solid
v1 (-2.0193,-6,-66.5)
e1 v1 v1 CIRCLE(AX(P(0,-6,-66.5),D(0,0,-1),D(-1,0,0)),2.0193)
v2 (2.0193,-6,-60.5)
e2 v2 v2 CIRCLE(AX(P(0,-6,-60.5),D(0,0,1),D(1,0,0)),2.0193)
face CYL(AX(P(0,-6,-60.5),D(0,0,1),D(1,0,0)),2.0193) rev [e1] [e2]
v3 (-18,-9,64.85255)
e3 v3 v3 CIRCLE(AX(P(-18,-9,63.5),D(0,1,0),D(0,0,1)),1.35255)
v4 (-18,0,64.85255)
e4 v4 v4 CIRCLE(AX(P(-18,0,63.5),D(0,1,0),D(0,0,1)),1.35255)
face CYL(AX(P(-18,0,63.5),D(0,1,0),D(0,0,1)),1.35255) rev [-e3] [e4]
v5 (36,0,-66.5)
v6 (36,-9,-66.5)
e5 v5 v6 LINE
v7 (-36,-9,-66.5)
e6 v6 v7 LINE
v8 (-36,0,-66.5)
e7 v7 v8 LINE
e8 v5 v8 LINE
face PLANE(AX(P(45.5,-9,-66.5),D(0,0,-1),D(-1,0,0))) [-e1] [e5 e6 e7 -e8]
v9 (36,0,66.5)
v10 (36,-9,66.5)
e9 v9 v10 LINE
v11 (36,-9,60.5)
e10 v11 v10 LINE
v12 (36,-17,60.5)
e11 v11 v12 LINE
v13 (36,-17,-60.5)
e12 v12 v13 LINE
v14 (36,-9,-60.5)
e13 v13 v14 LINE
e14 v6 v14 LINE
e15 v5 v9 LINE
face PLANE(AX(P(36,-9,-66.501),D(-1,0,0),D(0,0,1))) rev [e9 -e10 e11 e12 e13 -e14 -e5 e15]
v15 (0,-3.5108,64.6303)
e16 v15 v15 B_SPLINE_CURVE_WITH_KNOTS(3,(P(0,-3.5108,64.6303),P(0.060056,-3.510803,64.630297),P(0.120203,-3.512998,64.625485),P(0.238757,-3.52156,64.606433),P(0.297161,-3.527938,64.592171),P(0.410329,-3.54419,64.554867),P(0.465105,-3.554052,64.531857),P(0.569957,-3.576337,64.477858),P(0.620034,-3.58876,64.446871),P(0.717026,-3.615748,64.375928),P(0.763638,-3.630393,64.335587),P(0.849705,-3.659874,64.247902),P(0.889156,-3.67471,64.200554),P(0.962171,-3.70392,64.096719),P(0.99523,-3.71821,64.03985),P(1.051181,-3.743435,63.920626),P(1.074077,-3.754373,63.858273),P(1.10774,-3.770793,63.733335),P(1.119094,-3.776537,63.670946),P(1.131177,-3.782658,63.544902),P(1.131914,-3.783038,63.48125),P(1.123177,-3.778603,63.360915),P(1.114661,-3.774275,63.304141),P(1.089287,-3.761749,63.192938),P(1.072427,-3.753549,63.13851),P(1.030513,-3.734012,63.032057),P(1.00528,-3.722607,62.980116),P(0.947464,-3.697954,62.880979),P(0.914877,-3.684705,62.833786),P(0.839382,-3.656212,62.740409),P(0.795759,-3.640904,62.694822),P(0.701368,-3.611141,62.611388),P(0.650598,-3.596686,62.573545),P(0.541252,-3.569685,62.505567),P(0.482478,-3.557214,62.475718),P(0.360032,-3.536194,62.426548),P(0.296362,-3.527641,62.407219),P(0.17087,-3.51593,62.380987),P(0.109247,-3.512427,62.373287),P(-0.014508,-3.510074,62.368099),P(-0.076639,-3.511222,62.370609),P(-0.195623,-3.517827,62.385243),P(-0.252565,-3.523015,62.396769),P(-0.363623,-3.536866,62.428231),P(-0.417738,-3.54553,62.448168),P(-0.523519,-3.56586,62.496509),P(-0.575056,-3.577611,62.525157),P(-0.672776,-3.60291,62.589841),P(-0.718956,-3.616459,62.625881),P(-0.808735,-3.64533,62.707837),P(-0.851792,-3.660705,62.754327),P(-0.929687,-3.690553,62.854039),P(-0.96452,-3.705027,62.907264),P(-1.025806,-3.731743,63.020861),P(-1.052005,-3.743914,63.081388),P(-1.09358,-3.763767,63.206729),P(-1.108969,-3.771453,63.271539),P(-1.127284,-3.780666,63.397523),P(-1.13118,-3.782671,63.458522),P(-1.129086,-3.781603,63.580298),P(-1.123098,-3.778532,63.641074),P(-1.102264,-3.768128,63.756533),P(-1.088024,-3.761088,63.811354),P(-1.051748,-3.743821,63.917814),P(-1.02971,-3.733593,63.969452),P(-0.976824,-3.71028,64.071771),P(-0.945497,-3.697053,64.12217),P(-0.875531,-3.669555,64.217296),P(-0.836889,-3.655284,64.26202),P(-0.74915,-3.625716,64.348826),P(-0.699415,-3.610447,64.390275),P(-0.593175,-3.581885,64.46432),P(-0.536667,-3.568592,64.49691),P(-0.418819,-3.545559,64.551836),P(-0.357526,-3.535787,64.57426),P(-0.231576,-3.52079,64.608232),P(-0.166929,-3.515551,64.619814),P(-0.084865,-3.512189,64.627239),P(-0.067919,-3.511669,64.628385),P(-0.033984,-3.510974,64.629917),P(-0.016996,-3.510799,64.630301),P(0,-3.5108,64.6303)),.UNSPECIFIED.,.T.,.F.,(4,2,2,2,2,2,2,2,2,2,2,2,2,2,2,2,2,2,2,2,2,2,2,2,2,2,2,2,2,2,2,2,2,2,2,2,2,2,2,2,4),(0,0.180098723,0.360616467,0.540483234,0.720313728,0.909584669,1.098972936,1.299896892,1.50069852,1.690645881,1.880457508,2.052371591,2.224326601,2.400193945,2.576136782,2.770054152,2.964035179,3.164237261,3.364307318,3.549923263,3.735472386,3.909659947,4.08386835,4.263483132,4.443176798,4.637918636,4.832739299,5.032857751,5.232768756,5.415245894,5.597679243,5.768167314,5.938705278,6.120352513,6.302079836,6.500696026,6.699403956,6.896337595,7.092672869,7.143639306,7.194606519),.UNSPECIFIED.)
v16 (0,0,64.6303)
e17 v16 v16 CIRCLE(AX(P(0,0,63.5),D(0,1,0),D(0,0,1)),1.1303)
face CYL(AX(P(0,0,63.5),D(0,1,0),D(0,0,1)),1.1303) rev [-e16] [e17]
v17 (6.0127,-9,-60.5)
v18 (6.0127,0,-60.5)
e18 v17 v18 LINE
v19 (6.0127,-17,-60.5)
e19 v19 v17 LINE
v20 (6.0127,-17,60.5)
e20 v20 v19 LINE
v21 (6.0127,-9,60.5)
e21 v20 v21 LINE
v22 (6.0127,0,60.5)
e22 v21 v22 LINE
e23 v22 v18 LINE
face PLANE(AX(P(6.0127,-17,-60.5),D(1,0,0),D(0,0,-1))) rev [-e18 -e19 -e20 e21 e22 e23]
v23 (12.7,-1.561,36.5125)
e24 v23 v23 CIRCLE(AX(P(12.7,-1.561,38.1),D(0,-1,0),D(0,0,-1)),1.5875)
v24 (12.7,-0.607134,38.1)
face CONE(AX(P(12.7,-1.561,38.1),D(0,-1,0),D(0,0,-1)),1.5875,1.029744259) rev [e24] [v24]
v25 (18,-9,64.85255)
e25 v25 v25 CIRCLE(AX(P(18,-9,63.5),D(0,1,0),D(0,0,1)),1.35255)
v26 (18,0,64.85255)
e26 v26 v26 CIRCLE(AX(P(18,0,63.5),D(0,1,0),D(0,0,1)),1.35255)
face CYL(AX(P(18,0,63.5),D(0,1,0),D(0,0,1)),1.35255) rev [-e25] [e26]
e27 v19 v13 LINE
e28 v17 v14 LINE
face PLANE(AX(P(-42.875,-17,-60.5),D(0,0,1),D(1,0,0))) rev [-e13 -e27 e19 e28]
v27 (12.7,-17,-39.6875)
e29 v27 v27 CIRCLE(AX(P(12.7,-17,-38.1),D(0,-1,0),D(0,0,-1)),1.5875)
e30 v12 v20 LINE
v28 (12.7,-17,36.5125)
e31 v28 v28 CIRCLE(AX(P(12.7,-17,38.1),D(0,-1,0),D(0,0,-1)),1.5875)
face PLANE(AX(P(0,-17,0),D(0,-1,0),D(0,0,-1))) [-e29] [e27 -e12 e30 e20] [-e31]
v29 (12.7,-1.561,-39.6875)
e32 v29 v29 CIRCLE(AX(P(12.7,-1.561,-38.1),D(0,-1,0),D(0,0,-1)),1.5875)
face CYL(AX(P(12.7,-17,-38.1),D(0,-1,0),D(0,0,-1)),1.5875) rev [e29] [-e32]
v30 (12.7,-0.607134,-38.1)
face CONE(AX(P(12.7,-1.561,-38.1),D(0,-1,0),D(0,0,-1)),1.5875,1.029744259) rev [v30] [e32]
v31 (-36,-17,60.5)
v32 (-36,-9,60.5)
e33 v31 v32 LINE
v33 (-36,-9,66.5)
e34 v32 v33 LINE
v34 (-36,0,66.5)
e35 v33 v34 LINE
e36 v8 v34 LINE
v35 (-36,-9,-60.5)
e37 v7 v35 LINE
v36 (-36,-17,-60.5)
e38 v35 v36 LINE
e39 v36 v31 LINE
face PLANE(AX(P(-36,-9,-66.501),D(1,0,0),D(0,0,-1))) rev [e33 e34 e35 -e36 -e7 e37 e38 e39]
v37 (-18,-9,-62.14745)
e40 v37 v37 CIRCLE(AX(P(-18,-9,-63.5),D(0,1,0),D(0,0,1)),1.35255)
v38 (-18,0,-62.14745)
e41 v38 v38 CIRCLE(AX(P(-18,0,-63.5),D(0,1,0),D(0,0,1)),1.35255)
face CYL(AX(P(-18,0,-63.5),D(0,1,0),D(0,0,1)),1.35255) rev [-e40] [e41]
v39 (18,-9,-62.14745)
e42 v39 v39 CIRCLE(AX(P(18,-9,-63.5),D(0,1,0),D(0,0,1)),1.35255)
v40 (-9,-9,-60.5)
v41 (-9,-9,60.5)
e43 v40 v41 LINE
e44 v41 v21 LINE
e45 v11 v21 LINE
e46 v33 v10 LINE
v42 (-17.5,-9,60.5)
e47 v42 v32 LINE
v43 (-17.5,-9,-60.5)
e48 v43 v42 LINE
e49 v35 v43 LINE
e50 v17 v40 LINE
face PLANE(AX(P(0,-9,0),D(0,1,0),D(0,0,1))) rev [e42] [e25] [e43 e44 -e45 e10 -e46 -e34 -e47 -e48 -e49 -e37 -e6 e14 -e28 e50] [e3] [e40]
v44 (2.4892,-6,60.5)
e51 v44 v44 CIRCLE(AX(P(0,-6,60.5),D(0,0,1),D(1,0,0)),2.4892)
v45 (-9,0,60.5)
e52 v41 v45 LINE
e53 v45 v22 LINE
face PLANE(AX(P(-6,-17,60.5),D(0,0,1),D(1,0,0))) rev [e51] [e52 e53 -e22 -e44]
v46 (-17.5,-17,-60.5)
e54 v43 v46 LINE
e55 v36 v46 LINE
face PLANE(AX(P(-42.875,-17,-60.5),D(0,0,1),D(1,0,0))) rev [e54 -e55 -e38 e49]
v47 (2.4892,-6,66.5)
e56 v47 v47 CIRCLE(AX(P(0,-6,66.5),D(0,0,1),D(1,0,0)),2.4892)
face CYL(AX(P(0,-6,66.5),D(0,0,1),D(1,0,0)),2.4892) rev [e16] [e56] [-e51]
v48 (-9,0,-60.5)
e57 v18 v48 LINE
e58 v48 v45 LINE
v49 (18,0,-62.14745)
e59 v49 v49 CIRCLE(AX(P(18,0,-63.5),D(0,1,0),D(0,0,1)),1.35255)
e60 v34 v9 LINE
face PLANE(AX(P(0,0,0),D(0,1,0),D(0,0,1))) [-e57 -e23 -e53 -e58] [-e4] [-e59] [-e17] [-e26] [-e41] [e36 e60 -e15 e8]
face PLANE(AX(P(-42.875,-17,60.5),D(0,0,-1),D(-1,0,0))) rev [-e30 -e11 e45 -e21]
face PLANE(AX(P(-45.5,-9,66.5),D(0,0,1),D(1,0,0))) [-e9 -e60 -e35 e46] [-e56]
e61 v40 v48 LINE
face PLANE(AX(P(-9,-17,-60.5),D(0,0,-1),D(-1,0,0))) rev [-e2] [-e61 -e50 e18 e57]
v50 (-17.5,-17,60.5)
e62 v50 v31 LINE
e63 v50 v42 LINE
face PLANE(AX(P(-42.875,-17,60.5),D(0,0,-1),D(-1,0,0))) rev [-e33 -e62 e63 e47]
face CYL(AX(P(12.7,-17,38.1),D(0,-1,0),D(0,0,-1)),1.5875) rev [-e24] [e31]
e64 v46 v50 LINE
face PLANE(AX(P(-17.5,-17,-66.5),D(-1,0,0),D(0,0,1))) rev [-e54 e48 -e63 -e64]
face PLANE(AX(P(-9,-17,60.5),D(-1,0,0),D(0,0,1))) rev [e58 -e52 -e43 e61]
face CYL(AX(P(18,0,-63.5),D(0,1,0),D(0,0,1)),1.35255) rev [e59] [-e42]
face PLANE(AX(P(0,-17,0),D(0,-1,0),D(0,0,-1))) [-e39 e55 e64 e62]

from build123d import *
from build123d.topology import SkipClean

# Parameters (mm, degrees)
SKETCH1_W                        = 91
SKETCH1_H                        = 133
BOSS_EXTRUDE1_DEPTH              = 9
SKETCH8_W                        = 85.75
SKETCH8_H                        = 121
BOSS_EXTRUDE2_DEPTH              = 8
F_1_8_0_125_DIAMETER_HOLE1_D     = 3.175
F_1_8_0_125_DIAMETER_HOLE1_DEPTH = 15.439
F_1_8_0_125_DIAMETER_HOLE1_TIP   = 0.953866233
CUT_EXTRUDE1_DEPTH               = 83.349863388
CUT_EXTRUDE1_DEPTH_BACK          = 83.349863388
SKETCH9_W                        = 35
SKETCH9_H                        = 8
CUT_EXTRUDE2_DEPTH               = 83.349863388
TAP_DRILL_FOR_10_32_TAP1_D       = 4.0386
TAP_DRILL_FOR_10_32_TAP1_DEPTH   = 6
F_10_CLEARANCE_HOLE1_D           = 4.9784
F_10_CLEARANCE_HOLE1_DEPTH       = 6
TAP_DRILL_FOR_4_40_TAP1_REACH    = 84.35
TAP_DRILL_FOR_4_40_TAP1_BORE_R   = 1.1303
TAP_DRILL_FOR_6_32_TAP1_D        = 2.7051
CUT_EXTRUDE4_REACH               = 143.592
SKETCH20_W                       = 9.5
SKETCH20_H                       = 9
CUT_EXTRUDE5_DEPTH               = 81.929077829
CUT_EXTRUDE5_DEPTH_BACK          = 81.929077829
SKETCH21_OUTSIDE_W               = 119.582
SKETCH21_OUTSIDE_H               = 166.832
SKETCH21_OUTSIDE_W_2             = 72
SKETCH21_OUTSIDE_H_2             = 133
SKETCH22_W                       = 11.4873
SKETCH22_H                       = 121
SKETCH22_R                       = 1.5875
BOSS_EXTRUDE3_DEPTH              = 8


with BuildPart() as part:
    # Sketch1 → Boss-Extrude1 (new body)
    with BuildSketch(Plane(origin=(0, 0, 0), x_dir=(1, 0, 0), z_dir=(0, 1, 0))):
        Rectangle(SKETCH1_W, SKETCH1_H)
    extrude(amount=-BOSS_EXTRUDE1_DEPTH)

    # Sketch8 → Boss-Extrude2 (add)
    with BuildSketch(Plane.XZ.offset(9)):
        Rectangle(SKETCH8_W, SKETCH8_H)
    extrude(amount=BOSS_EXTRUDE2_DEPTH)

    # 1/8 (0.125) Diameter Hole1
    with Locations(Plane(origin=(0, -17, 0), x_dir=(-1, 0, 0), z_dir=(0, -1, 0))):
        with Locations((-12.7, -38.1), (-12.7, 38.1)):
            Hole(F_1_8_0_125_DIAMETER_HOLE1_D / 2, depth=F_1_8_0_125_DIAMETER_HOLE1_DEPTH)
            with Locations((0, 0, -(F_1_8_0_125_DIAMETER_HOLE1_DEPTH + F_1_8_0_125_DIAMETER_HOLE1_TIP / 2))):  # 118° drill point
                Cone(0, F_1_8_0_125_DIAMETER_HOLE1_D / 2, F_1_8_0_125_DIAMETER_HOLE1_TIP, mode=Mode.SUBTRACT)

    # Sketch9 → Cut-Extrude1 (cut, two sides: drawn at the far end of the back side and taken through both)
    with BuildSketch(Plane.XY.offset(-CUT_EXTRUDE1_DEPTH_BACK)):
        with Locations((0, -13)):
            Rectangle(SKETCH9_W, SKETCH9_H)
    extrude(amount=CUT_EXTRUDE1_DEPTH + CUT_EXTRUDE1_DEPTH_BACK, mode=Mode.SUBTRACT)

    # Sketch10 → Cut-Extrude2 (cut, through all)
    with BuildSketch(Plane(origin=(0, 0, 0), x_dir=(1, 0, 0), z_dir=(0, 1, 0))):
        Polygon((-6, 60.5), (6, 60.5), (6.0127, 60.5), (6.0127, -60.5), (6, -60.5), (-6, -60.5), (-9, -60.5), (-9, 60.5), align=None)
    extrude(amount=-CUT_EXTRUDE2_DEPTH, mode=Mode.SUBTRACT)

    # Tap Drill for #10-32 Tap1
    with Locations(Plane.XY.offset(-60.5)):
        with Locations((0, -6)):
            Hole(TAP_DRILL_FOR_10_32_TAP1_D / 2, depth=TAP_DRILL_FOR_10_32_TAP1_DEPTH)

    # #10 Clearance Hole1
    with Locations(Plane.XY.offset(66.5)):
        with Locations((0, -6)):
            Hole(F_10_CLEARANCE_HOLE1_D / 2, depth=F_10_CLEARANCE_HOLE1_DEPTH)

    # Tap Drill for #4-40 Tap1 bore → Tap Drill for #4-40 Tap1 (cut, up to next)
    with BuildSketch(Plane(origin=(0, 0, 0), x_dir=(1, 0, 0), z_dir=(0, 1, 0)), mode=Mode.PRIVATE) as tap_drill_for_4_40_tap1_sk1:
        with Locations((0, -63.5)):
            Circle(TAP_DRILL_FOR_4_40_TAP1_BORE_R)
    tap_drill_for_4_40_tap1_tool1 = extrude(tap_drill_for_4_40_tap1_sk1.sketch, amount=-TAP_DRILL_FOR_4_40_TAP1_REACH, mode=Mode.PRIVATE) & part.part
    add(tap_drill_for_4_40_tap1_tool1.solids().sort_by_distance((0, 0, 63.5))[0], mode=Mode.SUBTRACT)

    # Tap Drill for #6-32 Tap1 (through all)
    with Locations(Plane(origin=(0, 0, 0), x_dir=(1, 0, 0), z_dir=(0, 1, 0))):
        with Locations((-18, -63.5), (18, -63.5), (18, 63.5), (-18, 63.5)):
            Hole(TAP_DRILL_FOR_6_32_TAP1_D / 2)

    # Sketch20 → Cut-Extrude4 (cut, up to next)
    with BuildSketch(Plane.XY.offset(66.5), mode=Mode.PRIVATE) as cut_extrude4_sk1:
        with Locations((40.75, -4.5)):
            Rectangle(SKETCH20_W, SKETCH20_H)
    cut_extrude4_tool1 = extrude(cut_extrude4_sk1.sketch, amount=-CUT_EXTRUDE4_REACH, mode=Mode.PRIVATE) & part.part
    # Sketch20 → Cut-Extrude4 (cut, up to next)
    with BuildSketch(Plane.XY.offset(66.5), mode=Mode.PRIVATE) as cut_extrude4_sk2:
        with Locations((-40.75, -4.5)):
            Rectangle(SKETCH20_W, SKETCH20_H)
    cut_extrude4_tool2 = extrude(cut_extrude4_sk2.sketch, amount=-CUT_EXTRUDE4_REACH, mode=Mode.PRIVATE) & part.part
    add(cut_extrude4_tool1.solids().sort_by_distance((40.75, -4.5, 66.5))[0], mode=Mode.SUBTRACT)
    add(cut_extrude4_tool2.solids().sort_by_distance((-40.75, -4.5, 66.5))[0], mode=Mode.SUBTRACT)

    # Sketch21 outside → Cut-Extrude5 (cut, two sides: drawn at the far end of the back side and taken through both)
    with BuildSketch(Plane(origin=(0, 0, 0), x_dir=(1, 0, 0), z_dir=(0, 1, 0)).offset(-CUT_EXTRUDE5_DEPTH_BACK)):
        Rectangle(SKETCH21_OUTSIDE_W, SKETCH21_OUTSIDE_H)
        Rectangle(SKETCH21_OUTSIDE_W_2, SKETCH21_OUTSIDE_H_2, mode=Mode.SUBTRACT)
    extrude(amount=CUT_EXTRUDE5_DEPTH + CUT_EXTRUDE5_DEPTH_BACK, mode=Mode.SUBTRACT)

    # Sketch22 → Boss-Extrude3 (add)
    with SkipClean():  # the faces are left unmerged after this step: merging them gives an invalid solid
        with BuildSketch(Plane.XZ.offset(9)):
            with Locations((11.75635, 0)):
                Rectangle(SKETCH22_W, SKETCH22_H)
            with Locations(Location((12.7, 38.1, 0), (0, 0, 270))):
                Circle(SKETCH22_R, mode=Mode.SUBTRACT)
            with Locations(Location((12.7, -38.1, 0), (0, 0, 270))):
                Circle(SKETCH22_R, mode=Mode.SUBTRACT)
        extrude(amount=BOSS_EXTRUDE3_DEPTH)


solid = part.part
